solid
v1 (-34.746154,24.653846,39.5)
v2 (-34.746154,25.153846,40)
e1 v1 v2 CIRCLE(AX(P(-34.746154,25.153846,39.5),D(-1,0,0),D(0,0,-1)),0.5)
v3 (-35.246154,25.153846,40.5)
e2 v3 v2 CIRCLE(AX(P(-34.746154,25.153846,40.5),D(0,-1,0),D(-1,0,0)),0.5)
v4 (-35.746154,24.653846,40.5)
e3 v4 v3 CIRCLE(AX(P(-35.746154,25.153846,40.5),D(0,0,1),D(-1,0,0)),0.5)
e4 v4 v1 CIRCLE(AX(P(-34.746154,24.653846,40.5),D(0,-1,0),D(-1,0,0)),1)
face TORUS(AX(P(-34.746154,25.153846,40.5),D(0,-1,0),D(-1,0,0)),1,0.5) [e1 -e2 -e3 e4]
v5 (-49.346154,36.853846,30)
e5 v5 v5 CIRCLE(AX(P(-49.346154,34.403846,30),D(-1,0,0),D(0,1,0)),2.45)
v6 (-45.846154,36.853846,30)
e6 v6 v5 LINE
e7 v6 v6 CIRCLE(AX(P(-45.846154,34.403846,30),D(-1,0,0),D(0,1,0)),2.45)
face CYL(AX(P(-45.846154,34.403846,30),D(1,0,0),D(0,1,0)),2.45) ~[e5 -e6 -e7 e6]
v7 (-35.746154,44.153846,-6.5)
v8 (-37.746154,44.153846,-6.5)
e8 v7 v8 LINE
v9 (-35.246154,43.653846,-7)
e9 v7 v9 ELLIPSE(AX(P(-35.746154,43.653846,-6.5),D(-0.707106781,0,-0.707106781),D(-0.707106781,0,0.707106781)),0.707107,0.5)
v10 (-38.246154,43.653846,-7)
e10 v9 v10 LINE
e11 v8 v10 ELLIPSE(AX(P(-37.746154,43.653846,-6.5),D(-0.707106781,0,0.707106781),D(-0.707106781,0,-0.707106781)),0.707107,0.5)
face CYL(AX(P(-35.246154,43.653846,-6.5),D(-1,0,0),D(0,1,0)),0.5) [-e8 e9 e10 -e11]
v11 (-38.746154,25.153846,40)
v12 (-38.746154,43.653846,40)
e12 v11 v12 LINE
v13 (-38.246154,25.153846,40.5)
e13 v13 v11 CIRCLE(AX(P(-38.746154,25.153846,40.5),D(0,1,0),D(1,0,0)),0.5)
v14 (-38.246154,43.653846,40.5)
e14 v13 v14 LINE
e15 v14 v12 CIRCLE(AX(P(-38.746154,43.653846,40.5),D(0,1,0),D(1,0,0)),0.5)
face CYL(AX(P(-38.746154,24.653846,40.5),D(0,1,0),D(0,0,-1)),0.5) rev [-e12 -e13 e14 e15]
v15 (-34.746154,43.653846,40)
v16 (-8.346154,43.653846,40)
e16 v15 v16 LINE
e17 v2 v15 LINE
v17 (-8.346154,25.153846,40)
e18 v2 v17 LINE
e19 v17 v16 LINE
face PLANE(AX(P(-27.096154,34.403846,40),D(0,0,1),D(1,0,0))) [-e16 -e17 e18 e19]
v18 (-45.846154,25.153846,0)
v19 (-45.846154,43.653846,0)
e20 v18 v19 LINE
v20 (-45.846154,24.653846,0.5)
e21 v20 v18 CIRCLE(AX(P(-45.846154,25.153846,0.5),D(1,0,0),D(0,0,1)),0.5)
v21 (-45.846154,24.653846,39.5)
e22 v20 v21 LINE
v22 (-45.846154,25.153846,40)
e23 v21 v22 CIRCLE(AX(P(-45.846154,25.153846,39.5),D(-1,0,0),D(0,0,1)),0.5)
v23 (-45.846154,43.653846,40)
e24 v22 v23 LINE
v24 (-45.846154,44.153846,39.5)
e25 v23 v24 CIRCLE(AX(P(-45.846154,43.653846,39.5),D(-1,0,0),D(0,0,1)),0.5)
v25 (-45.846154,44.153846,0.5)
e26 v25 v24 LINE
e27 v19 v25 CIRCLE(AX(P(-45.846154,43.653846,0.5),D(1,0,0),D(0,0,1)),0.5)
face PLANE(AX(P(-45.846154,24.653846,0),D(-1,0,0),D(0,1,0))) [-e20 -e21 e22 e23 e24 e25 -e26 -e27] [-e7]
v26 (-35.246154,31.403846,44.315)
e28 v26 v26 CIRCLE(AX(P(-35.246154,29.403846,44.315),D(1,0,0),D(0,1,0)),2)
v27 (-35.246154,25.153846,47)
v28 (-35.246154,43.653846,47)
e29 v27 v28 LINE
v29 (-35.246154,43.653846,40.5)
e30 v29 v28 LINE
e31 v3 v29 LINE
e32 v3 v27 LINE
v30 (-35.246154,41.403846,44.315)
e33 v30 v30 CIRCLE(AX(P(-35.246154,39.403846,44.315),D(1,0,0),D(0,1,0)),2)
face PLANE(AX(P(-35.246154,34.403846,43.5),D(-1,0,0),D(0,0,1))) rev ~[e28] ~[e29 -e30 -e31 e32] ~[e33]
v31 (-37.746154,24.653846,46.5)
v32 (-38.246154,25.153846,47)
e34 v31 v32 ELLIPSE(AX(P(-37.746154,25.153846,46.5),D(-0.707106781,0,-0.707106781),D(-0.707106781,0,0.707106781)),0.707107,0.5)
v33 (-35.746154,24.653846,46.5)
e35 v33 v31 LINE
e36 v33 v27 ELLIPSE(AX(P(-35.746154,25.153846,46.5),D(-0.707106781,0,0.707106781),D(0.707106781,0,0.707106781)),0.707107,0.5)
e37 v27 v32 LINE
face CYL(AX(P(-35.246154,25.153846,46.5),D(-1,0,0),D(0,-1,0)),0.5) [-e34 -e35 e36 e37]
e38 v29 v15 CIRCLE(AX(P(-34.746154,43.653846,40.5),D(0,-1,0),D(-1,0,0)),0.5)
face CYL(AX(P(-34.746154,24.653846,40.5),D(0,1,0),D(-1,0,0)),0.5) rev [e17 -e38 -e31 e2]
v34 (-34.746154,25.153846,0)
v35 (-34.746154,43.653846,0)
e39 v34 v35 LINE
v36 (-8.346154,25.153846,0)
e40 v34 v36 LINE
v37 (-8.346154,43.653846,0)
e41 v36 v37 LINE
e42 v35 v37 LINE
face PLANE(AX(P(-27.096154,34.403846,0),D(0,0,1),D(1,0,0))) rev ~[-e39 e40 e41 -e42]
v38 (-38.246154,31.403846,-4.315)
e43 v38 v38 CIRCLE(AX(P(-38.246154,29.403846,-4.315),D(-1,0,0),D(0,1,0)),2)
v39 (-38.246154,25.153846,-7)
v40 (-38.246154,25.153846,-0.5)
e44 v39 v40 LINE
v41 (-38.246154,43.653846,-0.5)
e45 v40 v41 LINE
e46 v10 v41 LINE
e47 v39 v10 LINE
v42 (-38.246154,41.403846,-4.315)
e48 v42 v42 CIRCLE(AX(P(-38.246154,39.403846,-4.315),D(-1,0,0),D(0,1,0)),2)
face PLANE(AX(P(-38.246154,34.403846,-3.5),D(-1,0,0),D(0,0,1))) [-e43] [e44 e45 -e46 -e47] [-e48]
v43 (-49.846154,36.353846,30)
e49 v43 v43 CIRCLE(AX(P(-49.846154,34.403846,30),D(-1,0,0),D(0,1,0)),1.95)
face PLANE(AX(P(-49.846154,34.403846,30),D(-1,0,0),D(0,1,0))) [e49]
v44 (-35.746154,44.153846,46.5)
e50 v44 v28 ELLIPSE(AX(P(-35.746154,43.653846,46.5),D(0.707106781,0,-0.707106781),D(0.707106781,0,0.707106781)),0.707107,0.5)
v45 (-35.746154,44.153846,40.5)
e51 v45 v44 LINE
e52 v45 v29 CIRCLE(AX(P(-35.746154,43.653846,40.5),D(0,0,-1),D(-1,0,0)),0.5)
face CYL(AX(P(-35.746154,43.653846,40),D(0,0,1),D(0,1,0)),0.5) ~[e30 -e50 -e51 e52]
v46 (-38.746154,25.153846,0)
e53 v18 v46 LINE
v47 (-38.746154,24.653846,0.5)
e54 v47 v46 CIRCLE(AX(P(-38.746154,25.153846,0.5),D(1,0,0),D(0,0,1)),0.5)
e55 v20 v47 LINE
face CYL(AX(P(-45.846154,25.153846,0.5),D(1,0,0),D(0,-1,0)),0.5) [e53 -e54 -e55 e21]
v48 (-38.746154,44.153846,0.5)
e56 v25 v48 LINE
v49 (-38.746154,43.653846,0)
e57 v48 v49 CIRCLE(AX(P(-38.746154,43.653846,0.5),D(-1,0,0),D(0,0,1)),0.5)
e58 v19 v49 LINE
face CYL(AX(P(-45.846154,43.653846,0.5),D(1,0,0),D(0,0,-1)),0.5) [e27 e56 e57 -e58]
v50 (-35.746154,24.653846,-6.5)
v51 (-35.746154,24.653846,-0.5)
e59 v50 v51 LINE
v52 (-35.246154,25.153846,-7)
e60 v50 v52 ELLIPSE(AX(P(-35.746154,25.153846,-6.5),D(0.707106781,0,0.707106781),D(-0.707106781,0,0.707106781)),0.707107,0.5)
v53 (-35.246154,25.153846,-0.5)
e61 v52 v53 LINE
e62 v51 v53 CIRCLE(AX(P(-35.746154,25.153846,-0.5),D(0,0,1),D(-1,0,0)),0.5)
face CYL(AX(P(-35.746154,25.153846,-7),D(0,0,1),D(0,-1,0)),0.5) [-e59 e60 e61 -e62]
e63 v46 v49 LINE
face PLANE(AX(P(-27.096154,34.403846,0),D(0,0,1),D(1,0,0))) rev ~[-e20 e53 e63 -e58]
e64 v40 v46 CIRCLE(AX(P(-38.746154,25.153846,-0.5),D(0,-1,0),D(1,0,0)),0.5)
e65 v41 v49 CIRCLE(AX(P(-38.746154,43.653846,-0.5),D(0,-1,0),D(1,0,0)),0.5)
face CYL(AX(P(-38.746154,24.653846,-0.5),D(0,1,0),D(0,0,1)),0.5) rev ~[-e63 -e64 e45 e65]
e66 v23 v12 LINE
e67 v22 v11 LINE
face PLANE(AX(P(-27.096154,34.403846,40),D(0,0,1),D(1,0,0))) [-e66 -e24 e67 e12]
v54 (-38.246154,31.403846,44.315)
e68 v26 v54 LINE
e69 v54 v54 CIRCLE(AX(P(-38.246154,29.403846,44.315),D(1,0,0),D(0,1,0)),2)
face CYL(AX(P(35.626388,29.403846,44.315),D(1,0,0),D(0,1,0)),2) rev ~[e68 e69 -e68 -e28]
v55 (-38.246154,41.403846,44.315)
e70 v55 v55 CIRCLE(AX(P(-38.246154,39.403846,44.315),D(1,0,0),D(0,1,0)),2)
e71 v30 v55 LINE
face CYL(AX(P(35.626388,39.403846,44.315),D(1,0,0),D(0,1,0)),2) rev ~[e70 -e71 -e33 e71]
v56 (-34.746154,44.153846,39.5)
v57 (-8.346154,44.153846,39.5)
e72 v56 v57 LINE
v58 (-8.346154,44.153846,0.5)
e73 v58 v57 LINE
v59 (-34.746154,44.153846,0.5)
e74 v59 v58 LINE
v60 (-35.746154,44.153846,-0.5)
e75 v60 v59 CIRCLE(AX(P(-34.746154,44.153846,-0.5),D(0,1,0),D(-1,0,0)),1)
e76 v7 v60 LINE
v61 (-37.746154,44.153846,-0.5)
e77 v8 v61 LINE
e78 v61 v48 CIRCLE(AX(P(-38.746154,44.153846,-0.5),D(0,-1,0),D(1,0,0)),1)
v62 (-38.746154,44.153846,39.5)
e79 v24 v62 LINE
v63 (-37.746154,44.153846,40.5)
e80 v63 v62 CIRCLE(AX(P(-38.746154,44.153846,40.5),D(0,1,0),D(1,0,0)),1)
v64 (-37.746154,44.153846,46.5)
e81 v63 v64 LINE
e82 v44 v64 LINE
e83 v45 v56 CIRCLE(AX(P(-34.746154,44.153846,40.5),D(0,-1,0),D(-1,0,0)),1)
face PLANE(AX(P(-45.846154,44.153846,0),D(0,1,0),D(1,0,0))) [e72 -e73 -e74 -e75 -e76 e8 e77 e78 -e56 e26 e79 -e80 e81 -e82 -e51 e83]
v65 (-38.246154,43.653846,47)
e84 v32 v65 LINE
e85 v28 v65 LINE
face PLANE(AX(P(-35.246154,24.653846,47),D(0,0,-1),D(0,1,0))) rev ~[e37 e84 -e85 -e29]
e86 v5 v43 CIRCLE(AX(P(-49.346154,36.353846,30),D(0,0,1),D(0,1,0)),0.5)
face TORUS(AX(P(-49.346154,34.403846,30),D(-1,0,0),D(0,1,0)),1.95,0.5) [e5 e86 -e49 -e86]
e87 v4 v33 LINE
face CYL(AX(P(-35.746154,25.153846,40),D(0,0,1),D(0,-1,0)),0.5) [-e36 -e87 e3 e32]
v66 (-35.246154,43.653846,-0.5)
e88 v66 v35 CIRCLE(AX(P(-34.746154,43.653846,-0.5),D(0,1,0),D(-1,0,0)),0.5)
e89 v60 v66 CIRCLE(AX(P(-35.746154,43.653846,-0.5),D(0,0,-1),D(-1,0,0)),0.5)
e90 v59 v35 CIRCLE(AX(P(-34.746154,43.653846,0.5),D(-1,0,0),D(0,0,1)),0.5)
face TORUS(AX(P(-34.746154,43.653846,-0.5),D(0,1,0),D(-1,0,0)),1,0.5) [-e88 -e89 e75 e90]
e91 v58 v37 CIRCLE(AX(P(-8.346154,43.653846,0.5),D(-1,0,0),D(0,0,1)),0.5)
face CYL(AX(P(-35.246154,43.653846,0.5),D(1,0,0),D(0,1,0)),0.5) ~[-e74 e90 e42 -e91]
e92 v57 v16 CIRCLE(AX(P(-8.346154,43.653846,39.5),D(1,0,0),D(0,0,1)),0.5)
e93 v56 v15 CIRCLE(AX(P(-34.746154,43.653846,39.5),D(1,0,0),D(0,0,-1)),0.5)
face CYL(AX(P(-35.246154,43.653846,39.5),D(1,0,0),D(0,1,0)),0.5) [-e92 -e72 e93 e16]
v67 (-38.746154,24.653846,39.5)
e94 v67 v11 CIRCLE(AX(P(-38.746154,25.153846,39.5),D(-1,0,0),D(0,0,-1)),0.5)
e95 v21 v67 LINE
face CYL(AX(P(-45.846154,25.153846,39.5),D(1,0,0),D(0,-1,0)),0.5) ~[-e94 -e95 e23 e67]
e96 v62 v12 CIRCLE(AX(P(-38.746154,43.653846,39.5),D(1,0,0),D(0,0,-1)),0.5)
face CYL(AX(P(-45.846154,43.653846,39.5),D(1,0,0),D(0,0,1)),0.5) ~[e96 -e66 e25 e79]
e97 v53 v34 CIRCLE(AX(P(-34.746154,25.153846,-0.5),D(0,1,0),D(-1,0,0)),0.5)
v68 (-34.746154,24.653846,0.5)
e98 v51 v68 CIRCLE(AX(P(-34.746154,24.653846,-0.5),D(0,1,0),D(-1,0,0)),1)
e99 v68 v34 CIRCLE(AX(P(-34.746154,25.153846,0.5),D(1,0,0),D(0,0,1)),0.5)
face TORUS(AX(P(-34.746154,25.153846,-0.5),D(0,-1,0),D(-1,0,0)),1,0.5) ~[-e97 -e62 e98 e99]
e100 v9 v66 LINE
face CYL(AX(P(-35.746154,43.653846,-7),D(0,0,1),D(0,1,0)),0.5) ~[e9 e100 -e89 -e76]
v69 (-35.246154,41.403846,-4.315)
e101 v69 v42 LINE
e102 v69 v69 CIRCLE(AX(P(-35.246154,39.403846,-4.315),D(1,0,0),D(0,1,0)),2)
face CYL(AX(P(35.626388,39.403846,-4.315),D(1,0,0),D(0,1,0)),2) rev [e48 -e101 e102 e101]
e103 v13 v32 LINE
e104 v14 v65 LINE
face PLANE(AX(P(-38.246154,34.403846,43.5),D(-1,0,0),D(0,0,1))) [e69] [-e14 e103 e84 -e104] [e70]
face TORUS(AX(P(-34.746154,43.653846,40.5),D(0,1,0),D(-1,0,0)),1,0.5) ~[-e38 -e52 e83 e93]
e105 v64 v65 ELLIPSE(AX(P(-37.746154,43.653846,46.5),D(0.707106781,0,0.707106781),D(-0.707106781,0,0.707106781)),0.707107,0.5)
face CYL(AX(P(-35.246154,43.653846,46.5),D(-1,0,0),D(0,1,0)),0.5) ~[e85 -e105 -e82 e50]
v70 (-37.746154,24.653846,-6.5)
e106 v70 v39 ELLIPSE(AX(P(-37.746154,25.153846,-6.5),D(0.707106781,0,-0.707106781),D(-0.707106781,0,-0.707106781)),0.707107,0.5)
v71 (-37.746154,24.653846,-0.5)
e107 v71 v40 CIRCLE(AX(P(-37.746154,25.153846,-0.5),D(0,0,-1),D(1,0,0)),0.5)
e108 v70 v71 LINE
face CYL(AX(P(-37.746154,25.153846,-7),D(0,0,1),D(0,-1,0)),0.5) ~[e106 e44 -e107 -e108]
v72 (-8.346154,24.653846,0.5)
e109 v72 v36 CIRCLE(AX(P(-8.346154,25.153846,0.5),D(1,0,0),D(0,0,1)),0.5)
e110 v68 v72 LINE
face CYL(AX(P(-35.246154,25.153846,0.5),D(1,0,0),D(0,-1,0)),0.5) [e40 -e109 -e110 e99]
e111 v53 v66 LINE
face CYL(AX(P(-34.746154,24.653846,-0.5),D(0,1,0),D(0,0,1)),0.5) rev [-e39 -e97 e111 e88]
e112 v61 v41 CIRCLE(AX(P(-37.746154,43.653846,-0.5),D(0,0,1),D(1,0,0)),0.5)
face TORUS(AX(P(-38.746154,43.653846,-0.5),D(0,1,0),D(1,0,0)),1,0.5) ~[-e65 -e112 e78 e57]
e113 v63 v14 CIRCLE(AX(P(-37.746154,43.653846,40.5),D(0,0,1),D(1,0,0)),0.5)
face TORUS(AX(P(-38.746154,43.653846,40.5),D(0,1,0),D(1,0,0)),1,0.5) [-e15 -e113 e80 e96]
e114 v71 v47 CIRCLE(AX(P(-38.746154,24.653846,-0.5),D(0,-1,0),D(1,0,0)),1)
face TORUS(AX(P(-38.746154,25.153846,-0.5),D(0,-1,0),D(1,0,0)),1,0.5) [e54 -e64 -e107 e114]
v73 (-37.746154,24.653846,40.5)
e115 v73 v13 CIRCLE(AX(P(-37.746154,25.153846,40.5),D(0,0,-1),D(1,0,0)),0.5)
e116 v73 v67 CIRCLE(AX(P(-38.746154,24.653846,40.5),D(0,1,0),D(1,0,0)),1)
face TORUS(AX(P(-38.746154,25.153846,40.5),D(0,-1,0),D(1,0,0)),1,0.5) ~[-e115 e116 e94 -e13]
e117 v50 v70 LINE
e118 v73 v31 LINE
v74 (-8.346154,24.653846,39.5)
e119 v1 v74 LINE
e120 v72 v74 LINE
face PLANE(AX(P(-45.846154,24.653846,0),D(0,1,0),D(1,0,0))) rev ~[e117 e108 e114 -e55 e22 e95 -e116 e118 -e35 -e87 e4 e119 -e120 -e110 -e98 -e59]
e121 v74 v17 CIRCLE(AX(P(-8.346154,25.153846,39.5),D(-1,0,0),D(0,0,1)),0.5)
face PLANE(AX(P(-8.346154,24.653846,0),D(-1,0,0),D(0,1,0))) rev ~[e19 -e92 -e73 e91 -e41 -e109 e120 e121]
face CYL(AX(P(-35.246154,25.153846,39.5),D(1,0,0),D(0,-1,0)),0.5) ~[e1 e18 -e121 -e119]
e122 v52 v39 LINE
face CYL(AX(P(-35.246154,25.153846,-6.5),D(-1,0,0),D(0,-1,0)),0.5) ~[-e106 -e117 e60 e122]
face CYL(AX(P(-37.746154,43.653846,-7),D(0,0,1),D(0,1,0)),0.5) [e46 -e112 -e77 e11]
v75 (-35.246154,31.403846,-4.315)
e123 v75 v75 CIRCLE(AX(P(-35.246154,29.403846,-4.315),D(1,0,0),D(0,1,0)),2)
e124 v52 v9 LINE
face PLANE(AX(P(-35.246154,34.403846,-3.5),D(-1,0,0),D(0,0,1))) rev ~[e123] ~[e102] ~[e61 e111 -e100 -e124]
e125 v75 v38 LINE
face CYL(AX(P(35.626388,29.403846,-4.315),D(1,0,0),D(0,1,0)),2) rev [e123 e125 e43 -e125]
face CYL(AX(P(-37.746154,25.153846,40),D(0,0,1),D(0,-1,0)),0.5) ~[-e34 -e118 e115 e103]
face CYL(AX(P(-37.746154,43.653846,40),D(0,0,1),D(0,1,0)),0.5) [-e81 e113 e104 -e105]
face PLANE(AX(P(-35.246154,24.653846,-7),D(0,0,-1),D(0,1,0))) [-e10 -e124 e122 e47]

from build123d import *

# Parameters (mm, degrees)
SKETCH_1_W          = 37.5
SKETCH_1_H          = 19.5
EXTRUDE_1_DEPTH     = 40
SKETCH_2_W          = 7
SKETCH_2_H          = 19.5
EXTRUDE_2_DEPTH     = 3
CUT_EXTRUDE_START   = -70.872542033
SKETCH_3_R          = 2
CUT_EXTRUDE_5_DEPTH = 73.872542033
SKETCH_4_R          = 2.45
EXTRUDE_3_DEPTH     = 4
FILLET_1_R          = 0.5


with BuildPart() as part:
    # 草图1 → 凸台-拉伸1 (new body)
    with BuildSketch(Plane.XY):
        with Locations((-27.096153846, 34.403846154)):
            Rectangle(SKETCH_1_W, SKETCH_1_H)
    extrude(amount=EXTRUDE_1_DEPTH)

    # 草图2 → 凸台-拉伸2 (add)
    with BuildSketch(Plane.ZY.offset(35.246153846)):
        with Locations((-3.5, 34.403846154)):
            Rectangle(SKETCH_2_W, SKETCH_2_H)
        with Locations((43.5, 34.403846154)):
            Rectangle(SKETCH_2_W, SKETCH_2_H)
    extrude(amount=EXTRUDE_2_DEPTH)

    # 草图3 → 切除-拉伸5 (cut)
    with BuildSketch(Plane.ZY.offset(35.246153846).offset(CUT_EXTRUDE_START)):
        with Locations((-4.315, 39.403846154)):
            Circle(SKETCH_3_R)
        with Locations((-4.315, 29.403846154)):
            Circle(SKETCH_3_R)
    cut_extrude_5 = extrude(amount=CUT_EXTRUDE_5_DEPTH, mode=Mode.SUBTRACT)

    # 草图4 → 凸台-拉伸3 (add)
    with BuildSketch(Plane.ZY.offset(45.846153846)):
        with Locations((30, 34.403846154)):
            Circle(SKETCH_4_R)
    extrude(amount=EXTRUDE_3_DEPTH)

    # 圆角1
    fillet_1_edges = [part.edges().sort_by_distance(p)[0] for p in [
        (-42.046153846, 44.153846154, 40),
        (-42.046153846, 24.653846154, 40),
        (-42.046153846, 24.653846154, 0),
        (-42.046153846, 44.153846154, 0),
        (-49.846153846, 34.403846154, 27.55),
        (-35.246153846, 34.403846154, 40),
        (-35.246153846, 24.653846154, 43.5),
        (-35.246153846, 44.153846154, 43.5),
        (-38.246153846, 34.403846154, 40),
        (-38.246153846, 24.653846154, 43.5),
        (-38.246153846, 44.153846154, 43.5),
        (-36.746153846, 44.153846154, 47),
        (-35.246153846, 34.403846154, 0),
        (-35.246153846, 44.153846154, -3.5),
        (-35.246153846, 24.653846154, -3.5),
        (-38.246153846, 34.403846154, 0),
        (-38.246153846, 44.153846154, -3.5),
        (-38.246153846, 24.653846154, -3.5),
        (-36.746153846, 24.653846154, -7),
        (-36.746153846, 44.153846154, -7),
        (-36.746153846, 24.653846154, 47),
        (-21.796153846, 24.653846154, 0),
        (-21.796153846, 44.153846154, 40),
        (-21.796153846, 44.153846154, 0),
        (-21.796153846, 24.653846154, 40),
    ]]
    fillet(fillet_1_edges, radius=FILLET_1_R)

    # 镜向1: 切除-拉伸5 across plane
    add(cut_extrude_5.mirror(Plane(origin=(0, 0, 20), x_dir=(1, 0, 0), z_dir=(0, 0, -1))), mode=Mode.SUBTRACT)


solid = part.part
